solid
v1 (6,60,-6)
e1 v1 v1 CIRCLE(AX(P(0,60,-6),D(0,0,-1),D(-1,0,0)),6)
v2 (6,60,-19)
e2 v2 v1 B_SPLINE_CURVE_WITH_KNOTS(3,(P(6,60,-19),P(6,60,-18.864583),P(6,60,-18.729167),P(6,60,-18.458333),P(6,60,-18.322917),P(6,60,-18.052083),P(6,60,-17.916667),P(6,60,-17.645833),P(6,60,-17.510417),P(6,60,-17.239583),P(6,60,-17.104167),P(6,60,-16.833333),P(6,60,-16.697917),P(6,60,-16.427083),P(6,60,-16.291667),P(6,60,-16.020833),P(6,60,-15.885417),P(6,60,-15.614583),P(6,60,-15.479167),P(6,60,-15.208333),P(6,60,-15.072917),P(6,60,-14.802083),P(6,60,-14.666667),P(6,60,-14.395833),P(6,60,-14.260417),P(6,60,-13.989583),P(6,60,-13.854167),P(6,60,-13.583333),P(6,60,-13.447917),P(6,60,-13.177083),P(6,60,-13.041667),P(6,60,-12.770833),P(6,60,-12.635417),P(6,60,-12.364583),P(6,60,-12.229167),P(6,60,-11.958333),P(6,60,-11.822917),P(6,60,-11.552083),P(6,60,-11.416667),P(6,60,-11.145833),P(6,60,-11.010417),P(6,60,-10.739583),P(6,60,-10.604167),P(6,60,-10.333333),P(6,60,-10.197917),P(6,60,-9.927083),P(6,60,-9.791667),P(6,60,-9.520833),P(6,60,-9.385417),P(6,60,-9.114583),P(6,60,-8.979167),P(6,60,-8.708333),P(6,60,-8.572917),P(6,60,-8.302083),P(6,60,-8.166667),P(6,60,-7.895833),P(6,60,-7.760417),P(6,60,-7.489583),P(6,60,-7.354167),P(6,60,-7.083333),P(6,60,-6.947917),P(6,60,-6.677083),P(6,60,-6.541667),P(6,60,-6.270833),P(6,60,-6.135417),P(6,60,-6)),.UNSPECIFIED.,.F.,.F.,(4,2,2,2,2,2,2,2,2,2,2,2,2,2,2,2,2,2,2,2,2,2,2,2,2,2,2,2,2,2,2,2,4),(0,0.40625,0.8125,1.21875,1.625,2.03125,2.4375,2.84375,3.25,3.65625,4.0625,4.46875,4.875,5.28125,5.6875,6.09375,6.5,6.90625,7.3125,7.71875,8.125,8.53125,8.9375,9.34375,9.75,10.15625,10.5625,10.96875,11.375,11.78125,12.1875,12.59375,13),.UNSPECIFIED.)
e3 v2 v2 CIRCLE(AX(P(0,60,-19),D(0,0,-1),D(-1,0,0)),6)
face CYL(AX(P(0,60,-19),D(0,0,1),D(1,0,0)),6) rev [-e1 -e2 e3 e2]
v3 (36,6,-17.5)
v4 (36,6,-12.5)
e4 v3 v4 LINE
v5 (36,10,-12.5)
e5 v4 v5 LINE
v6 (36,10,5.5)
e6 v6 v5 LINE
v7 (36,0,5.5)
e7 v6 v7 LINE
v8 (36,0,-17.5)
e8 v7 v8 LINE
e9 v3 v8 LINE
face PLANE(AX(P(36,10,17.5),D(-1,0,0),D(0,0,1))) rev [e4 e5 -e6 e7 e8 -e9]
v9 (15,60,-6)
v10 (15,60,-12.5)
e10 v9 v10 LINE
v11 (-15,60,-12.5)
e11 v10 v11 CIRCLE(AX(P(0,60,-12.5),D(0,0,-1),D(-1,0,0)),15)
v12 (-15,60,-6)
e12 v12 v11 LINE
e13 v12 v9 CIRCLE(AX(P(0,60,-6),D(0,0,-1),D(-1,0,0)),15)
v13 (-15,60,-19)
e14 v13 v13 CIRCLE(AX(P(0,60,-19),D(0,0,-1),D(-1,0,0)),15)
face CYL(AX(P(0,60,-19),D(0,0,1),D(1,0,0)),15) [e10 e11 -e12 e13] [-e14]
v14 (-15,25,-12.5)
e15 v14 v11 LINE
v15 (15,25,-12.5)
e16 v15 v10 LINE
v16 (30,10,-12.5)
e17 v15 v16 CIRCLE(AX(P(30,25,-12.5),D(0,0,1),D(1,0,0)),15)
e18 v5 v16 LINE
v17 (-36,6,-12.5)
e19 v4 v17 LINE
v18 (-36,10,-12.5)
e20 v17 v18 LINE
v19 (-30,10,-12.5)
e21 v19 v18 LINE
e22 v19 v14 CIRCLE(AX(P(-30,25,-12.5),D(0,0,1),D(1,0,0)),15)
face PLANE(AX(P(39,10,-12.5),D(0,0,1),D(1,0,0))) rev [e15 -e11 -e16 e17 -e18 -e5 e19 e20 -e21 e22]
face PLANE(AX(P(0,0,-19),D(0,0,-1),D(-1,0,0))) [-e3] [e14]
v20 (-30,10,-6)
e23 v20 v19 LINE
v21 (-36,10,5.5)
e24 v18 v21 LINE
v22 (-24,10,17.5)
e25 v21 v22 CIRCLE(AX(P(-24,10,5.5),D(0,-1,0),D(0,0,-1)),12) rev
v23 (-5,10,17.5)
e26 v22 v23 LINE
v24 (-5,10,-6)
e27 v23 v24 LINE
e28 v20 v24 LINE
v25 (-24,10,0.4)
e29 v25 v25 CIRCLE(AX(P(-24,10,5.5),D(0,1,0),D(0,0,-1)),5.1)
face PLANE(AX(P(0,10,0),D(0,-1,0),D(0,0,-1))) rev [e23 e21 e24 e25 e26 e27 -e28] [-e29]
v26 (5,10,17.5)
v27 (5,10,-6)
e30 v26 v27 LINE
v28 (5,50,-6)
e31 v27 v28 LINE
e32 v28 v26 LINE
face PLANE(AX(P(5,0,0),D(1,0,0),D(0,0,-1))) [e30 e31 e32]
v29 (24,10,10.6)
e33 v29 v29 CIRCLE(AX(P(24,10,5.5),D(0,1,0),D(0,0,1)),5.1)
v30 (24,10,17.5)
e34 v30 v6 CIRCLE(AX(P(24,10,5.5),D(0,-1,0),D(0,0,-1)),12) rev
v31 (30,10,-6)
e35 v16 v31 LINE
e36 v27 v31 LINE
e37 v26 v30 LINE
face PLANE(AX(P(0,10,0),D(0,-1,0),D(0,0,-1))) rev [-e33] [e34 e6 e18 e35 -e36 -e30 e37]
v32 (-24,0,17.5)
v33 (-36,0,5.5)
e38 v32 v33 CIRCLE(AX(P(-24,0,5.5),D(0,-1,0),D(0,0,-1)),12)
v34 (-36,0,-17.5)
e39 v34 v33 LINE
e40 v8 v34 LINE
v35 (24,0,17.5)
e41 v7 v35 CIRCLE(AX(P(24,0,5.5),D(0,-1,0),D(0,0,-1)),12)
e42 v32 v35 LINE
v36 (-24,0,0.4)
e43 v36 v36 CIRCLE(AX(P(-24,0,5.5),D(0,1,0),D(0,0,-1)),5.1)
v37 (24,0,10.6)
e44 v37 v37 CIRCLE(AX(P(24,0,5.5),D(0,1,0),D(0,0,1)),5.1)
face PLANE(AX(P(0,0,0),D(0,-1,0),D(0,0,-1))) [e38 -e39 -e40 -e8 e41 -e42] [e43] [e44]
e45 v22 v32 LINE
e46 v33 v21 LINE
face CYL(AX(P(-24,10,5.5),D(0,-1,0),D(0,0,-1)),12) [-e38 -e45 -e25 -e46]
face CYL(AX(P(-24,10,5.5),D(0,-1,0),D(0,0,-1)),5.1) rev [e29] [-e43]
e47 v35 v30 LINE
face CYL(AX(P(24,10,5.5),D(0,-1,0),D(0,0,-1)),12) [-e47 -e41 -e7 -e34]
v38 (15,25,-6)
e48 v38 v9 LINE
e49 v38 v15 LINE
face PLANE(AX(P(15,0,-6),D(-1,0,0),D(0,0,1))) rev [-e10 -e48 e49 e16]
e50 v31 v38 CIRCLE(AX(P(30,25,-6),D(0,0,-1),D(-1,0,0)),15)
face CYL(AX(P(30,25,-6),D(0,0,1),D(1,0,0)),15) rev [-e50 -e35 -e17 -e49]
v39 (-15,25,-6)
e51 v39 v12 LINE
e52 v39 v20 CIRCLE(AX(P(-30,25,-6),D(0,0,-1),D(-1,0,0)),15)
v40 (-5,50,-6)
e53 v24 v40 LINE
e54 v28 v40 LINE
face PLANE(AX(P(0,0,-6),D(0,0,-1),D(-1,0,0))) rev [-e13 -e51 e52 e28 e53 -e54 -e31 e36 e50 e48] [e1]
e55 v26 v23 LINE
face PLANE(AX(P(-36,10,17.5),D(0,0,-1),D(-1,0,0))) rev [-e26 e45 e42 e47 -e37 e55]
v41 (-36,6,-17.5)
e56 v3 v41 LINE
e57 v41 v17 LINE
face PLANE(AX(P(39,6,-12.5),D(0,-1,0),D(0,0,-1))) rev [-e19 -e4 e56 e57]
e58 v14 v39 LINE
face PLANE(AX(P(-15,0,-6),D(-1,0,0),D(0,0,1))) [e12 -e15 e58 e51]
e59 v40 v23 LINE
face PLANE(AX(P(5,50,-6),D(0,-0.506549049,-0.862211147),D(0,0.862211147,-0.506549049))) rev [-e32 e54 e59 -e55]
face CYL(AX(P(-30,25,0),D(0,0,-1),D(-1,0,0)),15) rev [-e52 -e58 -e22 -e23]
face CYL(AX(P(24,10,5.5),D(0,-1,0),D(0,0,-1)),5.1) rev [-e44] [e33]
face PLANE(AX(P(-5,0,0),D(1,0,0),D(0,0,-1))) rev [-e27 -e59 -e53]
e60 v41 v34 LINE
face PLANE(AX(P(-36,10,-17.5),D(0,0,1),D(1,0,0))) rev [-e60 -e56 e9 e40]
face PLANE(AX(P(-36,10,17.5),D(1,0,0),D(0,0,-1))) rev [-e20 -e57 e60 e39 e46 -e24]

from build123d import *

# Parameters (mm, degrees)
SKETCH1_W           = 72
SKETCH1_H           = 35
SKETCH1_R           = 5.1
BOSS_EXTRUDE1_DEPTH = 10
FILLET1_R           = 12
SKETCH3_W           = 5
SKETCH3_H           = 4
CUT_EXTRUDE1_DEPTH  = 75
SKETCH6_R           = 15
SKETCH6_R_2         = 6
BOSS_EXTRUDE2_DEPTH = 6.5
BOSS_EXTRUDE3_DEPTH = 6.5
FILLET2_R           = 15
BOSS_EXTRUDE4_DEPTH = 5


with BuildPart() as part:
    # Sketch1 → Boss-Extrude1 (new body)
    with BuildSketch(Plane(origin=(0, 0, 0), x_dir=(1, 0, 0), z_dir=(0, 1, 0))):
        Rectangle(SKETCH1_W, SKETCH1_H)
        with Locations((24, -5.5)):
            Circle(SKETCH1_R, mode=Mode.SUBTRACT)
        with Locations((-24, -5.5)):
            Circle(SKETCH1_R, mode=Mode.SUBTRACT)
    extrude(amount=BOSS_EXTRUDE1_DEPTH)

    # Fillet1
    fillet1_edges = [part.edges().sort_by_distance(p)[0] for p in [
        (-36, 5, 17.5),
        (36, 5, 17.5),
    ]]
    fillet(fillet1_edges, radius=FILLET1_R)

    # Sketch3 → Cut-Extrude1 (cut)
    with BuildSketch(Plane.ZY.offset(36)):
        with Locations((-15, 8)):
            Rectangle(SKETCH3_W, SKETCH3_H)
    extrude(amount=-CUT_EXTRUDE1_DEPTH, mode=Mode.SUBTRACT)



with BuildPart() as body_2:
    # Sketch6 → Boss-Extrude2 (new, symmetric)
    with BuildSketch(Plane(origin=(0, 0, -12.5), x_dir=(-1, 0, 0), z_dir=(0, 0, -1))):
        with Locations((0, 60)):
            Circle(SKETCH6_R)
        with Locations((0, 60)):
            Circle(SKETCH6_R_2, mode=Mode.SUBTRACT)
    extrude(amount=BOSS_EXTRUDE2_DEPTH, both=True)


with BuildPart() as part_1:
    add(part.part)

    add(body_2.part)  # Boss-Extrude3 merges body 2
    # Sketch6<3> → Boss-Extrude3 (add)
    with BuildSketch(Plane(origin=(0, 0, -12.5), x_dir=(-1, 0, 0), z_dir=(0, 0, -1))):
        with BuildLine():
            Line((-15, 10), (15, 10))
            Line((15, 10), (15, 60))
            ThreePointArc((15, 60), (0, 45), (-15, 60))
            Line((-15, 60), (-15, 10))
        make_face()
    extrude(amount=-BOSS_EXTRUDE3_DEPTH)

    # Fillet2
    fillet2_edges = [part_1.edges().sort_by_distance(p)[0] for p in [
        (-15, 10, -9.25),
        (15, 10, -9.25),
    ]]
    fillet(fillet2_edges, radius=FILLET2_R)

    # Sketch7 → Boss-Extrude4 (add, symmetric)
    with BuildSketch(Plane(origin=(0, 0, 0), x_dir=(0, 0, -1), z_dir=(1, 0, 0))):
        Polygon((-17.5, 10), (6, 10), (6, 50), align=None)
    extrude(amount=BOSS_EXTRUDE4_DEPTH, both=True)


solid = part_1.part
